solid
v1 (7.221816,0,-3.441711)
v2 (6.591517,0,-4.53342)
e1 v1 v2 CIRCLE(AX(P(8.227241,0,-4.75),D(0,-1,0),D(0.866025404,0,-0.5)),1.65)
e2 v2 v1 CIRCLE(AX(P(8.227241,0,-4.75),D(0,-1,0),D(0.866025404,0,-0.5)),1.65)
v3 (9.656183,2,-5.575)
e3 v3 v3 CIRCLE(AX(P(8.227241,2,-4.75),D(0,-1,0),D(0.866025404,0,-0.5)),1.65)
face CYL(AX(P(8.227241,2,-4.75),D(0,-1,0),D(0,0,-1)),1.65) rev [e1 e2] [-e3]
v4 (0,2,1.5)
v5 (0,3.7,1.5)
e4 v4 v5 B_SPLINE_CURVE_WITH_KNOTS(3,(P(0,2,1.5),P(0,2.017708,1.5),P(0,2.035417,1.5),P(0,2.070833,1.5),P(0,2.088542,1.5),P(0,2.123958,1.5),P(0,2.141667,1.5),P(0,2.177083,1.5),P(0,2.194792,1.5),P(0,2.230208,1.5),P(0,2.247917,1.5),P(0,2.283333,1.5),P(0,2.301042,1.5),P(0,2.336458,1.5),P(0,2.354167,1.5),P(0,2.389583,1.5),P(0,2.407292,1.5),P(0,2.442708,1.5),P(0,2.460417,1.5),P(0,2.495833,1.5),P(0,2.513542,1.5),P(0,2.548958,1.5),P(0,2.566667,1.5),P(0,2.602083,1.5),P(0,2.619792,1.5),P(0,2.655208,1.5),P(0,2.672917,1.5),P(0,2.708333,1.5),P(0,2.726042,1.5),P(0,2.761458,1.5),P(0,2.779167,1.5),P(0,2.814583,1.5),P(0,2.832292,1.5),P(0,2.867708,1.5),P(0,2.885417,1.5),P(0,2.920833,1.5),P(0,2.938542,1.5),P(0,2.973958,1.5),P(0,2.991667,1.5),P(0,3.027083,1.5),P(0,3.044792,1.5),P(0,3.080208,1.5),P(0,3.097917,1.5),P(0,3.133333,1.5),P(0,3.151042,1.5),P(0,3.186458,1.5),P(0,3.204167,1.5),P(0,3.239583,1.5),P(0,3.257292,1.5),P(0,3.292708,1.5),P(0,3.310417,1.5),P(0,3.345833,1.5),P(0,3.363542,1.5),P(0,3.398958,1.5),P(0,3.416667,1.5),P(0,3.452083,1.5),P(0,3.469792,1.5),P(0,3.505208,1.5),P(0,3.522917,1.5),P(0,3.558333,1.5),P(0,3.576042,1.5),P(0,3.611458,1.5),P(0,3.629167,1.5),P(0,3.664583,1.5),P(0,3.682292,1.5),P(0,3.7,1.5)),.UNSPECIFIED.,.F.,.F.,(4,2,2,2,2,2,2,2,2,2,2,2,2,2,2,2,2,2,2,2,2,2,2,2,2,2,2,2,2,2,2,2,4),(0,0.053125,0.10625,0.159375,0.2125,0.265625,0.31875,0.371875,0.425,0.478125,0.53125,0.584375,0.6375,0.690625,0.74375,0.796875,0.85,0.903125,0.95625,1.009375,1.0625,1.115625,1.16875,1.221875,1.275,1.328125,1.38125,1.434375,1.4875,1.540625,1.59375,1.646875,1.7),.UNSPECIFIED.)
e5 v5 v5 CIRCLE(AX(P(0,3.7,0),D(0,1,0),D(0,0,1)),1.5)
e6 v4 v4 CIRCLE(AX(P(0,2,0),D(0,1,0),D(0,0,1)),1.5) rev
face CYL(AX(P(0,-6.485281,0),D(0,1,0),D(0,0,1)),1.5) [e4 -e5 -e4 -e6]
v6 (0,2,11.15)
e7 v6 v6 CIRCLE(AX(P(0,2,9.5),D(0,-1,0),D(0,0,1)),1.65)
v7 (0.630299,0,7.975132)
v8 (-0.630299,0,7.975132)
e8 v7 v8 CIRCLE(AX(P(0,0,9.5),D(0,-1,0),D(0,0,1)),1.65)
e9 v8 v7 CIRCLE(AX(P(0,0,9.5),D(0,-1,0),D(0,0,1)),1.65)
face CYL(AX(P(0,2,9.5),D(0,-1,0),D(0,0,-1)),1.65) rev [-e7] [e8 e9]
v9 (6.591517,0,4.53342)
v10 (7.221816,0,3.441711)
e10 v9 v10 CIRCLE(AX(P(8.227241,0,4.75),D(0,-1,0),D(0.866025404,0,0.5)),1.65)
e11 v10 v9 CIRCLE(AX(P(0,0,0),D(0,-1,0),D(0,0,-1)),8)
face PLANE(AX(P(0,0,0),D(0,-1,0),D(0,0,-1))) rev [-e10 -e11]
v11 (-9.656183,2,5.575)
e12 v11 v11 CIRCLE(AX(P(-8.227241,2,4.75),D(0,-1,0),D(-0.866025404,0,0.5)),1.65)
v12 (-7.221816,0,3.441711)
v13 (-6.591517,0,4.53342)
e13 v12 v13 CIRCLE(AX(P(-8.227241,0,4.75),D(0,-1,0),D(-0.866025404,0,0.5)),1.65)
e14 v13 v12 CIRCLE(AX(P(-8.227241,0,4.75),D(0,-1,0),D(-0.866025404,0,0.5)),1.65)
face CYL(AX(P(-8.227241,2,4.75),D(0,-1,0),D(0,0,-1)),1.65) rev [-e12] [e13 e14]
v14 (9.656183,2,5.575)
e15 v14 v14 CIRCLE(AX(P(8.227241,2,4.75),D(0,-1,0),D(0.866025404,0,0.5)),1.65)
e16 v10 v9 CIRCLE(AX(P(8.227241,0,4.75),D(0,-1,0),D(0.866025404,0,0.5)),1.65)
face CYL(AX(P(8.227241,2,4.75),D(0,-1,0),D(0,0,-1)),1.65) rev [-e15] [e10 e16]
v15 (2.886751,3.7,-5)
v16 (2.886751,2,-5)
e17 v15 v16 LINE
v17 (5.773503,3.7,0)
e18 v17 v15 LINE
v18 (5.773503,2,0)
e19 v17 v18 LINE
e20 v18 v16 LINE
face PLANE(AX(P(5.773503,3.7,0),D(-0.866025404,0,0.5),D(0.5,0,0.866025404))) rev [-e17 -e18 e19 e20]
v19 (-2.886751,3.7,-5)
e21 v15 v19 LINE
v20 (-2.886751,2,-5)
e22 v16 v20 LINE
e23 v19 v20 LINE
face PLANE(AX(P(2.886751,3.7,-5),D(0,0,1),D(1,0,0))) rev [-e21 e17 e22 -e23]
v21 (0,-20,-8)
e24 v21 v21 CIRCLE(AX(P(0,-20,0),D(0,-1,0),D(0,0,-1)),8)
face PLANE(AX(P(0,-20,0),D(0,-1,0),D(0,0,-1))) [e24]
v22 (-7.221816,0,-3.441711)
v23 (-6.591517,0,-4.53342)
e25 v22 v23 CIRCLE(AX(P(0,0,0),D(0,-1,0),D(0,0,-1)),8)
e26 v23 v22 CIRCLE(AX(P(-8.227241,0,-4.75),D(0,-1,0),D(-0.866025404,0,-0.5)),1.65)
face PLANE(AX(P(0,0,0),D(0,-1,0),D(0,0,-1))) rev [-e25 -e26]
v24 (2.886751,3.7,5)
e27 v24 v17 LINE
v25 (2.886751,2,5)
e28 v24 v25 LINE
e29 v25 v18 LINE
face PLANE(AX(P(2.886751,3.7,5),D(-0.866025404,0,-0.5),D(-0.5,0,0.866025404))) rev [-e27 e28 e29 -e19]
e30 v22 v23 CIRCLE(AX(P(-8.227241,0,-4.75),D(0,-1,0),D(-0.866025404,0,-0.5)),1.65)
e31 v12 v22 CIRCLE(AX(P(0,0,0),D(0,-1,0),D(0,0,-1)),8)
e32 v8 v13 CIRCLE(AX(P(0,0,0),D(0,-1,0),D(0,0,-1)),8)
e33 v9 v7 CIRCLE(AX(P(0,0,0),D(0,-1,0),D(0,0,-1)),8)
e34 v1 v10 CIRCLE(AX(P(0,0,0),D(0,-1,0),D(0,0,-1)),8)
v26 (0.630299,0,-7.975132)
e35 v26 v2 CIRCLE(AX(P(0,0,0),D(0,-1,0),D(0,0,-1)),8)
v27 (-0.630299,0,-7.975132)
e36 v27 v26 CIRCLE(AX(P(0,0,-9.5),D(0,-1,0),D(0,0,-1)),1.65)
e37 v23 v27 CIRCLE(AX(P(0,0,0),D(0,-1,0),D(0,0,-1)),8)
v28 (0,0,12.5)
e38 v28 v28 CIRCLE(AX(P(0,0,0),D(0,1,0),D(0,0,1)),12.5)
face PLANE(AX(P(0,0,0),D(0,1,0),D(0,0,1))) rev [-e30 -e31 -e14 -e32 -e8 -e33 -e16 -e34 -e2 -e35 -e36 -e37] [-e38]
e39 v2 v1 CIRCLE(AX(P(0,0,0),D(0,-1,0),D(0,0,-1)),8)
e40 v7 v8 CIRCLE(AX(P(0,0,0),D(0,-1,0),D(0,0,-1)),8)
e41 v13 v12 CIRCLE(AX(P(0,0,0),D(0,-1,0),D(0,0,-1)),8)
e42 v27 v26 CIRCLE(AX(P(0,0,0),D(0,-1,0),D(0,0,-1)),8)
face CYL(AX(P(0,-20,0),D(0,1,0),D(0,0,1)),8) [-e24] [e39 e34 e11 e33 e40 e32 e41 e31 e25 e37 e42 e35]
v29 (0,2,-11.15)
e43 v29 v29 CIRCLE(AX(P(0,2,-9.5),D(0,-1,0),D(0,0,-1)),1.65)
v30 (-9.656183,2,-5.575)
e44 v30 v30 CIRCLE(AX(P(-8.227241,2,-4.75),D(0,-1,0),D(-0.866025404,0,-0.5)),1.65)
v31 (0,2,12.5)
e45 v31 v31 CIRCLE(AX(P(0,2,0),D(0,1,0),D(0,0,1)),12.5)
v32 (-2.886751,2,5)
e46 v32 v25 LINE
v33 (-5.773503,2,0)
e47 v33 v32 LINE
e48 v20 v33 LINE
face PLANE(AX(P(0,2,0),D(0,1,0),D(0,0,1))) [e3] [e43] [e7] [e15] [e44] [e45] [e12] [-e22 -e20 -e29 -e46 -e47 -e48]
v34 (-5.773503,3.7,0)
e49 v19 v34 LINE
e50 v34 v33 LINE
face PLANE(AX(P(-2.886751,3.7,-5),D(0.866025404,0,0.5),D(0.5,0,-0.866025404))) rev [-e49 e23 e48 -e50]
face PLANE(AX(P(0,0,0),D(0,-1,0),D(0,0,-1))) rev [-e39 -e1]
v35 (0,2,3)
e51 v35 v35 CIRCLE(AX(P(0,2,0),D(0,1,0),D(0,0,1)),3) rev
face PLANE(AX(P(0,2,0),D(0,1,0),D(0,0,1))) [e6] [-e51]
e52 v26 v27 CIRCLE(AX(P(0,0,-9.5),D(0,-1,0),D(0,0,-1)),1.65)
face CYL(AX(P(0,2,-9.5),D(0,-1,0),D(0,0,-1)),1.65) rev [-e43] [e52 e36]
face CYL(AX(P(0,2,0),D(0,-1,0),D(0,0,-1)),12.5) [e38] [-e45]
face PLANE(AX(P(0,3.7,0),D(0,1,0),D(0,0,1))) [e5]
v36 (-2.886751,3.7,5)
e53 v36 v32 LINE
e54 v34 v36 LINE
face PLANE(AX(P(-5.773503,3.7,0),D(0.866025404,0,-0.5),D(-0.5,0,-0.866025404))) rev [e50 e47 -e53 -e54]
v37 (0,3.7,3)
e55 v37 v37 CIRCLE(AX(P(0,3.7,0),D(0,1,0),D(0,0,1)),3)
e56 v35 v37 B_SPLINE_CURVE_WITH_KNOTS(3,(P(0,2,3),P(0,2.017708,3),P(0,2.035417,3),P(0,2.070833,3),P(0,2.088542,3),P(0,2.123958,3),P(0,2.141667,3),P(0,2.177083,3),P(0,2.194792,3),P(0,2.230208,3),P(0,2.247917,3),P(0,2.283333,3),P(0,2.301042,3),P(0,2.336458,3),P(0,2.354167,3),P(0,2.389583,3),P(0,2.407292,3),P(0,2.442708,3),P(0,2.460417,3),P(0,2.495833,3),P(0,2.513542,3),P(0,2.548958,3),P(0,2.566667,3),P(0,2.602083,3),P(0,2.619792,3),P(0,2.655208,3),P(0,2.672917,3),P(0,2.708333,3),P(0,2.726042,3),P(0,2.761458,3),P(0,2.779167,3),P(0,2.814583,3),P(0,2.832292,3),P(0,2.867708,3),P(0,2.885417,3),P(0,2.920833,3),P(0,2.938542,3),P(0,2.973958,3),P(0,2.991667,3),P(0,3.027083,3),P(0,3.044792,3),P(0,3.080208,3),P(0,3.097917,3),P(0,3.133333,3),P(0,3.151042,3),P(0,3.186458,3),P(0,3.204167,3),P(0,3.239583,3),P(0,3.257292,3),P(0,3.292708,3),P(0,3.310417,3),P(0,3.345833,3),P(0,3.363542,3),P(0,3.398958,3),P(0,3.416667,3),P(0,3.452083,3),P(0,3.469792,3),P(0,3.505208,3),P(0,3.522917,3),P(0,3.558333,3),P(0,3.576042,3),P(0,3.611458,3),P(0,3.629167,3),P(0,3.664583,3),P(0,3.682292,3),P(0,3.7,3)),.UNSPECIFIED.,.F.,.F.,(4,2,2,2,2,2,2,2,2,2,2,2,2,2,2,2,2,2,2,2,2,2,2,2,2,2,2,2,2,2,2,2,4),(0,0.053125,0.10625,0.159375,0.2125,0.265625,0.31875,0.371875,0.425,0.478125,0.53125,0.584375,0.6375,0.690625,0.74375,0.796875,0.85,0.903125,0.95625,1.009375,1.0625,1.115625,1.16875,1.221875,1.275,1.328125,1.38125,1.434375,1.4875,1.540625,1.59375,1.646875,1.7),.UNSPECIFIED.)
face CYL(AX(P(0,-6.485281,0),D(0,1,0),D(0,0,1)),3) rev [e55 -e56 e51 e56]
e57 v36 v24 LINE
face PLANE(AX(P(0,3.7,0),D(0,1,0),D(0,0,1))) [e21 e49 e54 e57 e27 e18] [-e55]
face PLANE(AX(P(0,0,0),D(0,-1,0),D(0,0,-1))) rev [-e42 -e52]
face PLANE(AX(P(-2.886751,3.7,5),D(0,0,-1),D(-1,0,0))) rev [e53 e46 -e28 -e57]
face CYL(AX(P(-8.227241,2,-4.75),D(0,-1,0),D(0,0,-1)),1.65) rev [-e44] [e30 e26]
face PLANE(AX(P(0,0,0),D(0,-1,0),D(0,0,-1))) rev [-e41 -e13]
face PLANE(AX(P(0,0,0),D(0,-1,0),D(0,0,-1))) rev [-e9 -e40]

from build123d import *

# Parameters (mm, degrees)
SKETCH_1_R               = 12.5
EXTRUDE_1_DEPTH          = 2
SKETCH_2_R               = 1.65
CUT_EXTRUDE_1_DEPTH      = 18.790446875
PATTERN_CIRCULAR_1_COUNT = 6
SKETCH_3_R               = 8
EXTRUDE_2_DEPTH          = 20
EXTRUDE_3_DEPTH          = 1.7
SKETCH_5_R               = 3
SKETCH_5_R_2             = 1.5
CUT_EXTRUDE_2_DEPTH      = 1.7


with BuildPart() as part:
    # Эскиз1 → Бобышка-Вытянуть1 (new body)
    with BuildSketch(Plane(origin=(0, 0, 0), x_dir=(1, 0, 0), z_dir=(0, 1, 0))):
        with Locations(Location((0, 0, 0), (0, 0, 270))):
            Circle(SKETCH_1_R)
    extrude(amount=EXTRUDE_1_DEPTH)

    # Эскиз2 → Вырез-Вытянуть1 (cut, through all)
    with BuildSketch(Plane.XZ):
        with Locations(Location((0, -9.5, 0), (0, 0, 270))):
            Circle(SKETCH_2_R)
    cut_extrude_1 = extrude(amount=-CUT_EXTRUDE_1_DEPTH, mode=Mode.SUBTRACT)

    # Круговой массив1: Вырез-Вытянуть1 ×6 about axis
    pattern_circular_1_axis = Axis((0, 0, 0), (0, 1, 0))
    for i in range(1, PATTERN_CIRCULAR_1_COUNT):
        add(cut_extrude_1.rotate(pattern_circular_1_axis, i * 360 / PATTERN_CIRCULAR_1_COUNT), mode=Mode.SUBTRACT)

    # Эскиз3 → Бобышка-Вытянуть2 (add)
    with BuildSketch(Plane.XZ):
        with Locations(Location((0, 0, 0), (0, 0, 85.481135603))):
            Circle(SKETCH_3_R)
    extrude(amount=EXTRUDE_2_DEPTH)

    # Эскиз4 → Бобышка-Вытянуть3 (add)
    with BuildSketch(Plane(origin=(0, 2, 0), x_dir=(1, 0, 0), z_dir=(0, 1, 0))):
        Polygon((-5.773502692, 0), (-2.886751346, -5), (2.886751346, -5), (5.773502692, 0), (2.886751346, 5), (-2.886751346, 5), align=None)
    extrude(amount=EXTRUDE_3_DEPTH)

    # Эскиз5 → Вырез-Вытянуть2 (cut)
    with BuildSketch(Plane(origin=(0, 3.7, 0), x_dir=(1, 0, 0), z_dir=(0, 1, 0))):
        with Locations(Location((0, 0, 0), (0, 0, 270))):
            Circle(SKETCH_5_R)
        with Locations(Location((0, 0, 0), (0, 0, 270))):
            Circle(SKETCH_5_R_2, mode=Mode.SUBTRACT)
    extrude(amount=-CUT_EXTRUDE_2_DEPTH, mode=Mode.SUBTRACT)


solid = part.part
